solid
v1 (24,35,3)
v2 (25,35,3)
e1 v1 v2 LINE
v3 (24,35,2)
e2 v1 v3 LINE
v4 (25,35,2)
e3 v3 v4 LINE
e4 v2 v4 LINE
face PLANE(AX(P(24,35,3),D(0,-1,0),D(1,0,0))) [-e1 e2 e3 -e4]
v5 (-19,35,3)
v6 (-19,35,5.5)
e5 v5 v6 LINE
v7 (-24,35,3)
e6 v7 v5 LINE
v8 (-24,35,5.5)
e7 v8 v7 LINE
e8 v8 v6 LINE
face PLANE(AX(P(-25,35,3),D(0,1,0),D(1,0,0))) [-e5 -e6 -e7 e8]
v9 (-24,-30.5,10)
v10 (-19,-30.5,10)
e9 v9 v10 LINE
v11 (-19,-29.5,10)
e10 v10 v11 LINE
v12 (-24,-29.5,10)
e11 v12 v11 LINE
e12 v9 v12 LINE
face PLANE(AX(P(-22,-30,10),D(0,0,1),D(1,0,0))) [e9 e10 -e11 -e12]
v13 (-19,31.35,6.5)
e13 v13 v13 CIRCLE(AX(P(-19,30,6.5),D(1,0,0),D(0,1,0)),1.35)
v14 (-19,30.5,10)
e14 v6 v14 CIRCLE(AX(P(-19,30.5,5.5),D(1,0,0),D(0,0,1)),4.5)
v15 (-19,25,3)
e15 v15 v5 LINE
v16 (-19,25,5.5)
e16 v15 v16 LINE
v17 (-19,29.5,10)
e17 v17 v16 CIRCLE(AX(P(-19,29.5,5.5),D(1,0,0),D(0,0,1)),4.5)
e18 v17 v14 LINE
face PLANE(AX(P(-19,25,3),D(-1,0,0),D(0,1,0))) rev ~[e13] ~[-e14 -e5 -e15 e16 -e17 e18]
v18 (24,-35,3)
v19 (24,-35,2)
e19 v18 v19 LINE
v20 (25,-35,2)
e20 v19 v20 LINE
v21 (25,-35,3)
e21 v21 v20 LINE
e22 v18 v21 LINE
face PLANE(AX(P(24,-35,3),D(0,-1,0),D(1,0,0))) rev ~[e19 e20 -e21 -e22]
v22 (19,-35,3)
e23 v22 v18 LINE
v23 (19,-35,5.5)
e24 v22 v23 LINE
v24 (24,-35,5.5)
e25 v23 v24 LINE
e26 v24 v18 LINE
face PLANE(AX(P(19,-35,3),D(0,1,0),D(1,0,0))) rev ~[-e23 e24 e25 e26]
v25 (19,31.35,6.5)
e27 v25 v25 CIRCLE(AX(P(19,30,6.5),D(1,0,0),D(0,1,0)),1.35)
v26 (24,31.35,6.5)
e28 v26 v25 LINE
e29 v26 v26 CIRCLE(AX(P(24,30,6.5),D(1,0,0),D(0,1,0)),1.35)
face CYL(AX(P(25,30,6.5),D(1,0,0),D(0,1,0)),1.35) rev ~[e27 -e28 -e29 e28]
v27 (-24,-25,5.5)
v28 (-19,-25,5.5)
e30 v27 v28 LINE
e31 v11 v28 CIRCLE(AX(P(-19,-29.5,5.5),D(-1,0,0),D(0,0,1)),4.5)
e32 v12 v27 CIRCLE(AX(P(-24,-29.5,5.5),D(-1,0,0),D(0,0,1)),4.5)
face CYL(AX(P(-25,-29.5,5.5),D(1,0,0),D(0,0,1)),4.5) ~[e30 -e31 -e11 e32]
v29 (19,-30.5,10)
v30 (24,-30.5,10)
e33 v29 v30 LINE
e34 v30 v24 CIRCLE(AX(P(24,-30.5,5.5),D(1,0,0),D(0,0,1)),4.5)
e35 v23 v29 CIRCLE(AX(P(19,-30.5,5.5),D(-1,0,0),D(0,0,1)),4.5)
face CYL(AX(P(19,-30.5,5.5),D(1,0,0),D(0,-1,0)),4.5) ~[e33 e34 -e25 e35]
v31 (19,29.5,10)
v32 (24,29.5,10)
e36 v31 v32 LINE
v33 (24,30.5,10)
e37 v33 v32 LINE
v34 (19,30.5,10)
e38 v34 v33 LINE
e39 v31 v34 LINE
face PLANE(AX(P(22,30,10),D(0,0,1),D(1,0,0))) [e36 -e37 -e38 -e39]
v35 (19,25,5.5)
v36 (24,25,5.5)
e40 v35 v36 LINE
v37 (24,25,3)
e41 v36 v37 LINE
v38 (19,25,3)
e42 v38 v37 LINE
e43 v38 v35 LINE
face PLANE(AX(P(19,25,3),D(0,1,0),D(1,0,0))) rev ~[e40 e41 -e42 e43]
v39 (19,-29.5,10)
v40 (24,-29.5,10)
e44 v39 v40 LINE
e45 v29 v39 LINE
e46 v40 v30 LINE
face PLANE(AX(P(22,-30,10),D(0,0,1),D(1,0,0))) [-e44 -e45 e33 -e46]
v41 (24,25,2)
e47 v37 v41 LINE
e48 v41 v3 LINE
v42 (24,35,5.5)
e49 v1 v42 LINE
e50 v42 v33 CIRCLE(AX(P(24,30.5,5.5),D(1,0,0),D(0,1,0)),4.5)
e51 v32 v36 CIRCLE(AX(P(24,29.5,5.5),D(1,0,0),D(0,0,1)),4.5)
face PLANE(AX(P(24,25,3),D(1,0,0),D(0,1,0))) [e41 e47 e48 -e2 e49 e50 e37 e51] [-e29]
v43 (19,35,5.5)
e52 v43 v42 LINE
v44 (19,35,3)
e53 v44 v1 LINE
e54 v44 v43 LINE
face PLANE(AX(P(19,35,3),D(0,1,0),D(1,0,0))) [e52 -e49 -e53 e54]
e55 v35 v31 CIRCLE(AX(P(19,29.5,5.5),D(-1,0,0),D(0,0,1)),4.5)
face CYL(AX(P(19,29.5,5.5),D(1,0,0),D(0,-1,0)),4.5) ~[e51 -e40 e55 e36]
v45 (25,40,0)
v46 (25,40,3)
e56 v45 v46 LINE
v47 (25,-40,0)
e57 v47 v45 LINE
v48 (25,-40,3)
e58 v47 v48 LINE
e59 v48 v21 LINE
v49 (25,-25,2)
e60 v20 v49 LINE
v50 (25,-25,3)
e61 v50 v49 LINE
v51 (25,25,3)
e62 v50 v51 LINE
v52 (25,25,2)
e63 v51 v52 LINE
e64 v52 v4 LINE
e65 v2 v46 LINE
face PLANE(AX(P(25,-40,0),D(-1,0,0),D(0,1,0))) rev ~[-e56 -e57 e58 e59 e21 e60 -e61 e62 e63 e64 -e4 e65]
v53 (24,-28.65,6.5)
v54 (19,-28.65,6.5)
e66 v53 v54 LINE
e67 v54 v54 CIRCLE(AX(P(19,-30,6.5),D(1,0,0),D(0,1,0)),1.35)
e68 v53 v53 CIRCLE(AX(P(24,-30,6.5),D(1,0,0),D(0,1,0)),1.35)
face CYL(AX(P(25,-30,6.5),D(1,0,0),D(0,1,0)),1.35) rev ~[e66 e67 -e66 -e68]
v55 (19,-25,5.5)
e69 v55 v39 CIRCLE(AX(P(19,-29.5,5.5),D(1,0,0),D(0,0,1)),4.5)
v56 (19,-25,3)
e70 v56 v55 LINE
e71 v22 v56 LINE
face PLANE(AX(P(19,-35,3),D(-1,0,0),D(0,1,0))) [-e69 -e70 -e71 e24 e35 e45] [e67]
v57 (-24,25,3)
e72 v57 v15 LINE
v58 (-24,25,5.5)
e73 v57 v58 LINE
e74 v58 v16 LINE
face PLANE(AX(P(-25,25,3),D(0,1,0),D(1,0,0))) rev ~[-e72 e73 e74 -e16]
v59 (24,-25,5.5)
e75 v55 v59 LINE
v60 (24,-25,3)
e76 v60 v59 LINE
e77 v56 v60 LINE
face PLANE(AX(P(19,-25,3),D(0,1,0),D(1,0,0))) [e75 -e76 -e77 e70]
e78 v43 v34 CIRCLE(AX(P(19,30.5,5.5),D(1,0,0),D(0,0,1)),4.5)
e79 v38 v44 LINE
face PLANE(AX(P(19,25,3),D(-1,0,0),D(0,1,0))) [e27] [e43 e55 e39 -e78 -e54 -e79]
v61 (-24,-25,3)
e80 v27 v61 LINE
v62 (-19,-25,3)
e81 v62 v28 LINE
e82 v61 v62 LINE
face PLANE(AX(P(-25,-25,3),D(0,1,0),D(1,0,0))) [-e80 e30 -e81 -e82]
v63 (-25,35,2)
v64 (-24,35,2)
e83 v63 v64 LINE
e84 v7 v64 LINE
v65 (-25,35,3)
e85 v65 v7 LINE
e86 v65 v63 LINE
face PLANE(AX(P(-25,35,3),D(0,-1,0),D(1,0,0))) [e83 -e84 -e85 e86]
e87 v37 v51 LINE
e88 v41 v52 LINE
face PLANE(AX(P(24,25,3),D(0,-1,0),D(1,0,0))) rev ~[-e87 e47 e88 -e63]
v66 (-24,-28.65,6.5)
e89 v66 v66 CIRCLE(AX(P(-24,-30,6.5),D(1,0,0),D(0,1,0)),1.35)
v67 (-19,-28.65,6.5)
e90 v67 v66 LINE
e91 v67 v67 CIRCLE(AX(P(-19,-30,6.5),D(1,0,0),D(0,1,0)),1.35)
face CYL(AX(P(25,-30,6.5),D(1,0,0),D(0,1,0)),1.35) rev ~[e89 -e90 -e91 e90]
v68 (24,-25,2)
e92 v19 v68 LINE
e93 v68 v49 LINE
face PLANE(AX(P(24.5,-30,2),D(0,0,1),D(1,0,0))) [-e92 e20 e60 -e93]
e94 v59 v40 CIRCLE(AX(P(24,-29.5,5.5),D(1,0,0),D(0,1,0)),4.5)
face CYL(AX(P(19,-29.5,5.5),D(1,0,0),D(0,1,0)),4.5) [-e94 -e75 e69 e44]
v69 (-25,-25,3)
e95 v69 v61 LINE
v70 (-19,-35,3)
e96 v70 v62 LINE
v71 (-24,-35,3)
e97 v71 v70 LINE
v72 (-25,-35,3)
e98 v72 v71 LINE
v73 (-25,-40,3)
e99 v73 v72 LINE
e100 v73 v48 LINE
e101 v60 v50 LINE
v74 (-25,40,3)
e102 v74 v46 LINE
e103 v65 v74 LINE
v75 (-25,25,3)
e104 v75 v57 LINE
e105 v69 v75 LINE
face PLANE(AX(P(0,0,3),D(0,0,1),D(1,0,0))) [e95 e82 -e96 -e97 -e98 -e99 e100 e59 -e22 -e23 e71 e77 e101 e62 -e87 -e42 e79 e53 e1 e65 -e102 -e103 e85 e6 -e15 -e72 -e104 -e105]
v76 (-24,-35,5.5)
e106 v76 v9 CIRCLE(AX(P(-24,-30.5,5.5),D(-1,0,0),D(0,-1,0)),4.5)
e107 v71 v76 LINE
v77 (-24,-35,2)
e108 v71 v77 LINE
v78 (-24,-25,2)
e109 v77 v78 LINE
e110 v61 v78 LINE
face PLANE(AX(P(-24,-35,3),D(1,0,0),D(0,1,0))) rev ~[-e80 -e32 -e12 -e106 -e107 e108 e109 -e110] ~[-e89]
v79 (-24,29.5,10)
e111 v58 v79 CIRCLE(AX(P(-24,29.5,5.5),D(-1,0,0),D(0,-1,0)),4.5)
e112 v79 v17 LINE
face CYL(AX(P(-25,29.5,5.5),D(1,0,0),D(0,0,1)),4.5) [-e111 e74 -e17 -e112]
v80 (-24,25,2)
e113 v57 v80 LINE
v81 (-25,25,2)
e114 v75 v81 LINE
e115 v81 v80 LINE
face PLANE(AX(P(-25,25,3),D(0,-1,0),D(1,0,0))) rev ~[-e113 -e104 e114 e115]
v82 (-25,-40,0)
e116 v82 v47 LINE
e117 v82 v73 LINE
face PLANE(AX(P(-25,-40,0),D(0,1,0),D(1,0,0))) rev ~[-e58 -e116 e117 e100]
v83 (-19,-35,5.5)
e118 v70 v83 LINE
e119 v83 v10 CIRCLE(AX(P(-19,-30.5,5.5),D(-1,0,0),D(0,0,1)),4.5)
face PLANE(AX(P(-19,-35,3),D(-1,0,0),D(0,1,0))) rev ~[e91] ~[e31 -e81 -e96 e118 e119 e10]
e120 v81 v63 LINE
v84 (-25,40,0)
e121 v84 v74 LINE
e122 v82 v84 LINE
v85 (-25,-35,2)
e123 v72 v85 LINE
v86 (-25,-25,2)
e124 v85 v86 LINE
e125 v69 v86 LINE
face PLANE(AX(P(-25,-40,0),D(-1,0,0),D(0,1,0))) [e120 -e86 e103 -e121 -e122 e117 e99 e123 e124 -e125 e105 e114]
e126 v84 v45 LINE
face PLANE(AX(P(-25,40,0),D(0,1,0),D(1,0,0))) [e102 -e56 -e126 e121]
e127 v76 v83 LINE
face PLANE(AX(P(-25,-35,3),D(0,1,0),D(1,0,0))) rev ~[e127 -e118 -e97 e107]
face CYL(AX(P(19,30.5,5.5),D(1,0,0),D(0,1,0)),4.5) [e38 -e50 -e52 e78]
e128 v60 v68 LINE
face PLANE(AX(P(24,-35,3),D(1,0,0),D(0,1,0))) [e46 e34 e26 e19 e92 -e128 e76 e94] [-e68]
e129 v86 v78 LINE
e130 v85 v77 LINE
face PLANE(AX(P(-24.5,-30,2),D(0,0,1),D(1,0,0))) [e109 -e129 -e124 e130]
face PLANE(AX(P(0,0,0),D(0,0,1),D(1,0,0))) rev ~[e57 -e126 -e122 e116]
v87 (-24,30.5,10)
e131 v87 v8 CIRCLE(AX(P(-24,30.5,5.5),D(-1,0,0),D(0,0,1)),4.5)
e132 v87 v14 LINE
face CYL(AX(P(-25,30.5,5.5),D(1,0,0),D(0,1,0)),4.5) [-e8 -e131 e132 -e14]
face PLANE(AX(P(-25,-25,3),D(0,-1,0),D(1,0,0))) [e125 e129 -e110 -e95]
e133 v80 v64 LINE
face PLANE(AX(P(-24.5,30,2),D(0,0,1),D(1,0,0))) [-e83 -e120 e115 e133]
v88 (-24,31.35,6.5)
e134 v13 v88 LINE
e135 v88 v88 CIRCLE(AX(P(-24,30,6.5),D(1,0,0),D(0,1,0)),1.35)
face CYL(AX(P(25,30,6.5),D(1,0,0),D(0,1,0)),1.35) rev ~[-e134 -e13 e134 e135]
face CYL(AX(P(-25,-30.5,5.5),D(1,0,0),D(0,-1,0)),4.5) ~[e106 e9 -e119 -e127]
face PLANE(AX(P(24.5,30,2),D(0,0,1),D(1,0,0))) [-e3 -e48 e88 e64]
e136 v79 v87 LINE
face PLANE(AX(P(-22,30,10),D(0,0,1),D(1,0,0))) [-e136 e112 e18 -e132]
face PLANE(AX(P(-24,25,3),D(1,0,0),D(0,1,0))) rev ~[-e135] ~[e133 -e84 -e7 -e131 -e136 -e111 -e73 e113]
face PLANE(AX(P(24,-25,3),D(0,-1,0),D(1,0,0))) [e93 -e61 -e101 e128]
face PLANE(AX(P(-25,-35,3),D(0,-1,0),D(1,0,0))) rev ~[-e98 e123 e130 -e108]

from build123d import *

# Parameters (mm, degrees)
F0_W      = 50
F0_H      = 80
F1_DEPTH  = 3
F2_W      = 6
F2_H      = 10
F3_DEPTH  = 7
F4_R      = 1.35
F5_DEPTH  = 50.001
F6_R      = 4.5
F7_R      = 1.35
F8_DEPTH  = 1
F9_R      = 1.35
F10_DEPTH = 1
F11_W     = 1
F11_H     = 10
F12_DEPTH = 1


with BuildPart() as f1:
    # F0 (on Top) → F1 (new body)
    with BuildSketch(Plane.XY):
        Rectangle(F0_W, F0_H)
    extrude(amount=F1_DEPTH)

    # F2 (on face) → F3 (join)
    with BuildSketch(Plane.XY.offset(3)):
        with Locations((-22, 30)):
            Rectangle(F2_W, F2_H)
        with Locations((22, 30)):
            Rectangle(F2_W, F2_H)
        with Locations((-22, -30)):
            Rectangle(F2_W, F2_H)
        with Locations((22, -30)):
            Rectangle(F2_W, F2_H)
    extrude(amount=F3_DEPTH)

    # F4 (on face) → F5 (cut, through all)
    with BuildSketch(Plane.YZ.offset(25)):
        with Locations((-30, 6.5)):
            Circle(F4_R)
        with Locations((30, 6.5)):
            Circle(F4_R)
    extrude(amount=-F5_DEPTH, mode=Mode.SUBTRACT)

    # F6
    f6_edges = [f1.edges().sort_by_distance(p)[0] for p in [
        (22, -35, 10),
        (22, -25, 10),
        (-22, -35, 10),
        (-22, -25, 10),
        (-22, 25, 10),
        (-22, 35, 10),
        (22, 25, 10),
        (22, 35, 10),
    ]]
    fillet(f6_edges, radius=F6_R)

    # F7 (on face) → F8 (cut)
    with BuildSketch(Plane.YZ.offset(25)):
        with BuildLine():
            Line((-35, 5.5), (-35, 3))
            Line((-35, 3), (-25, 3))
            Line((-25, 3), (-25, 5.5))
            ThreePointArc((-25, 5.5), (-26.3180194847, 8.6819805153), (-29.5, 10))
            Line((-29.5, 10), (-30.5, 10))
            ThreePointArc((-30.5, 10), (-33.6819805153, 8.6819805153), (-35, 5.5))
        make_face()
        with Locations((-30, 6.5)):
            Circle(F7_R, mode=Mode.SUBTRACT)
        with BuildLine():
            Line((25, 5.5), (25, 3))
            Line((25, 3), (35, 3))
            Line((35, 3), (35, 5.5))
            ThreePointArc((35, 5.5), (33.6819805153, 8.6819805153), (30.5, 10))
            Line((30.5, 10), (29.5, 10))
            ThreePointArc((29.5, 10), (26.3180194847, 8.6819805153), (25, 5.5))
        make_face()
        with Locations((30, 6.5)):
            Circle(F7_R, mode=Mode.SUBTRACT)
    extrude(amount=-F8_DEPTH, mode=Mode.SUBTRACT)

    # F9 (on face) → F10 (cut)
    with BuildSketch(Plane(origin=(-25, 0, 0), x_dir=(0, -1, 0), z_dir=(-1, 0, 0))):
        with BuildLine():
            Line((-35, 5.5), (-35, 3))
            Line((-35, 3), (-25, 3))
            Line((-25, 3), (-25, 5.5))
            ThreePointArc((-25, 5.5), (-26.3180194847, 8.6819805153), (-29.5, 10))
            Line((-29.5, 10), (-30.5, 10))
            ThreePointArc((-30.5, 10), (-33.6819805153, 8.6819805153), (-35, 5.5))
        make_face()
        with Locations((-30, 6.5)):
            Circle(F9_R, mode=Mode.SUBTRACT)
        with BuildLine():
            Line((25, 5.5), (25, 3))
            Line((25, 3), (35, 3))
            Line((35, 3), (35, 5.5))
            ThreePointArc((35, 5.5), (33.6819805153, 8.6819805153), (30.5, 10))
            Line((30.5, 10), (29.5, 10))
            ThreePointArc((29.5, 10), (26.3180194847, 8.6819805153), (25, 5.5))
        make_face()
        with Locations((30, 6.5)):
            Circle(F9_R, mode=Mode.SUBTRACT)
    extrude(amount=-F10_DEPTH, mode=Mode.SUBTRACT)

    # F11 (on face) → F12 (cut)
    with BuildSketch(Plane.XY.offset(3)):
        with Locations((-24.5, 30)):
            Rectangle(F11_W, F11_H)
        with Locations((24.5, 30)):
            Rectangle(F11_W, F11_H)
        with Locations((24.5, -30)):
            Rectangle(F11_W, F11_H)
        with Locations((-24.5, -30)):
            Rectangle(F11_W, F11_H)
    extrude(amount=-F12_DEPTH, mode=Mode.SUBTRACT)


solid = f1.part
